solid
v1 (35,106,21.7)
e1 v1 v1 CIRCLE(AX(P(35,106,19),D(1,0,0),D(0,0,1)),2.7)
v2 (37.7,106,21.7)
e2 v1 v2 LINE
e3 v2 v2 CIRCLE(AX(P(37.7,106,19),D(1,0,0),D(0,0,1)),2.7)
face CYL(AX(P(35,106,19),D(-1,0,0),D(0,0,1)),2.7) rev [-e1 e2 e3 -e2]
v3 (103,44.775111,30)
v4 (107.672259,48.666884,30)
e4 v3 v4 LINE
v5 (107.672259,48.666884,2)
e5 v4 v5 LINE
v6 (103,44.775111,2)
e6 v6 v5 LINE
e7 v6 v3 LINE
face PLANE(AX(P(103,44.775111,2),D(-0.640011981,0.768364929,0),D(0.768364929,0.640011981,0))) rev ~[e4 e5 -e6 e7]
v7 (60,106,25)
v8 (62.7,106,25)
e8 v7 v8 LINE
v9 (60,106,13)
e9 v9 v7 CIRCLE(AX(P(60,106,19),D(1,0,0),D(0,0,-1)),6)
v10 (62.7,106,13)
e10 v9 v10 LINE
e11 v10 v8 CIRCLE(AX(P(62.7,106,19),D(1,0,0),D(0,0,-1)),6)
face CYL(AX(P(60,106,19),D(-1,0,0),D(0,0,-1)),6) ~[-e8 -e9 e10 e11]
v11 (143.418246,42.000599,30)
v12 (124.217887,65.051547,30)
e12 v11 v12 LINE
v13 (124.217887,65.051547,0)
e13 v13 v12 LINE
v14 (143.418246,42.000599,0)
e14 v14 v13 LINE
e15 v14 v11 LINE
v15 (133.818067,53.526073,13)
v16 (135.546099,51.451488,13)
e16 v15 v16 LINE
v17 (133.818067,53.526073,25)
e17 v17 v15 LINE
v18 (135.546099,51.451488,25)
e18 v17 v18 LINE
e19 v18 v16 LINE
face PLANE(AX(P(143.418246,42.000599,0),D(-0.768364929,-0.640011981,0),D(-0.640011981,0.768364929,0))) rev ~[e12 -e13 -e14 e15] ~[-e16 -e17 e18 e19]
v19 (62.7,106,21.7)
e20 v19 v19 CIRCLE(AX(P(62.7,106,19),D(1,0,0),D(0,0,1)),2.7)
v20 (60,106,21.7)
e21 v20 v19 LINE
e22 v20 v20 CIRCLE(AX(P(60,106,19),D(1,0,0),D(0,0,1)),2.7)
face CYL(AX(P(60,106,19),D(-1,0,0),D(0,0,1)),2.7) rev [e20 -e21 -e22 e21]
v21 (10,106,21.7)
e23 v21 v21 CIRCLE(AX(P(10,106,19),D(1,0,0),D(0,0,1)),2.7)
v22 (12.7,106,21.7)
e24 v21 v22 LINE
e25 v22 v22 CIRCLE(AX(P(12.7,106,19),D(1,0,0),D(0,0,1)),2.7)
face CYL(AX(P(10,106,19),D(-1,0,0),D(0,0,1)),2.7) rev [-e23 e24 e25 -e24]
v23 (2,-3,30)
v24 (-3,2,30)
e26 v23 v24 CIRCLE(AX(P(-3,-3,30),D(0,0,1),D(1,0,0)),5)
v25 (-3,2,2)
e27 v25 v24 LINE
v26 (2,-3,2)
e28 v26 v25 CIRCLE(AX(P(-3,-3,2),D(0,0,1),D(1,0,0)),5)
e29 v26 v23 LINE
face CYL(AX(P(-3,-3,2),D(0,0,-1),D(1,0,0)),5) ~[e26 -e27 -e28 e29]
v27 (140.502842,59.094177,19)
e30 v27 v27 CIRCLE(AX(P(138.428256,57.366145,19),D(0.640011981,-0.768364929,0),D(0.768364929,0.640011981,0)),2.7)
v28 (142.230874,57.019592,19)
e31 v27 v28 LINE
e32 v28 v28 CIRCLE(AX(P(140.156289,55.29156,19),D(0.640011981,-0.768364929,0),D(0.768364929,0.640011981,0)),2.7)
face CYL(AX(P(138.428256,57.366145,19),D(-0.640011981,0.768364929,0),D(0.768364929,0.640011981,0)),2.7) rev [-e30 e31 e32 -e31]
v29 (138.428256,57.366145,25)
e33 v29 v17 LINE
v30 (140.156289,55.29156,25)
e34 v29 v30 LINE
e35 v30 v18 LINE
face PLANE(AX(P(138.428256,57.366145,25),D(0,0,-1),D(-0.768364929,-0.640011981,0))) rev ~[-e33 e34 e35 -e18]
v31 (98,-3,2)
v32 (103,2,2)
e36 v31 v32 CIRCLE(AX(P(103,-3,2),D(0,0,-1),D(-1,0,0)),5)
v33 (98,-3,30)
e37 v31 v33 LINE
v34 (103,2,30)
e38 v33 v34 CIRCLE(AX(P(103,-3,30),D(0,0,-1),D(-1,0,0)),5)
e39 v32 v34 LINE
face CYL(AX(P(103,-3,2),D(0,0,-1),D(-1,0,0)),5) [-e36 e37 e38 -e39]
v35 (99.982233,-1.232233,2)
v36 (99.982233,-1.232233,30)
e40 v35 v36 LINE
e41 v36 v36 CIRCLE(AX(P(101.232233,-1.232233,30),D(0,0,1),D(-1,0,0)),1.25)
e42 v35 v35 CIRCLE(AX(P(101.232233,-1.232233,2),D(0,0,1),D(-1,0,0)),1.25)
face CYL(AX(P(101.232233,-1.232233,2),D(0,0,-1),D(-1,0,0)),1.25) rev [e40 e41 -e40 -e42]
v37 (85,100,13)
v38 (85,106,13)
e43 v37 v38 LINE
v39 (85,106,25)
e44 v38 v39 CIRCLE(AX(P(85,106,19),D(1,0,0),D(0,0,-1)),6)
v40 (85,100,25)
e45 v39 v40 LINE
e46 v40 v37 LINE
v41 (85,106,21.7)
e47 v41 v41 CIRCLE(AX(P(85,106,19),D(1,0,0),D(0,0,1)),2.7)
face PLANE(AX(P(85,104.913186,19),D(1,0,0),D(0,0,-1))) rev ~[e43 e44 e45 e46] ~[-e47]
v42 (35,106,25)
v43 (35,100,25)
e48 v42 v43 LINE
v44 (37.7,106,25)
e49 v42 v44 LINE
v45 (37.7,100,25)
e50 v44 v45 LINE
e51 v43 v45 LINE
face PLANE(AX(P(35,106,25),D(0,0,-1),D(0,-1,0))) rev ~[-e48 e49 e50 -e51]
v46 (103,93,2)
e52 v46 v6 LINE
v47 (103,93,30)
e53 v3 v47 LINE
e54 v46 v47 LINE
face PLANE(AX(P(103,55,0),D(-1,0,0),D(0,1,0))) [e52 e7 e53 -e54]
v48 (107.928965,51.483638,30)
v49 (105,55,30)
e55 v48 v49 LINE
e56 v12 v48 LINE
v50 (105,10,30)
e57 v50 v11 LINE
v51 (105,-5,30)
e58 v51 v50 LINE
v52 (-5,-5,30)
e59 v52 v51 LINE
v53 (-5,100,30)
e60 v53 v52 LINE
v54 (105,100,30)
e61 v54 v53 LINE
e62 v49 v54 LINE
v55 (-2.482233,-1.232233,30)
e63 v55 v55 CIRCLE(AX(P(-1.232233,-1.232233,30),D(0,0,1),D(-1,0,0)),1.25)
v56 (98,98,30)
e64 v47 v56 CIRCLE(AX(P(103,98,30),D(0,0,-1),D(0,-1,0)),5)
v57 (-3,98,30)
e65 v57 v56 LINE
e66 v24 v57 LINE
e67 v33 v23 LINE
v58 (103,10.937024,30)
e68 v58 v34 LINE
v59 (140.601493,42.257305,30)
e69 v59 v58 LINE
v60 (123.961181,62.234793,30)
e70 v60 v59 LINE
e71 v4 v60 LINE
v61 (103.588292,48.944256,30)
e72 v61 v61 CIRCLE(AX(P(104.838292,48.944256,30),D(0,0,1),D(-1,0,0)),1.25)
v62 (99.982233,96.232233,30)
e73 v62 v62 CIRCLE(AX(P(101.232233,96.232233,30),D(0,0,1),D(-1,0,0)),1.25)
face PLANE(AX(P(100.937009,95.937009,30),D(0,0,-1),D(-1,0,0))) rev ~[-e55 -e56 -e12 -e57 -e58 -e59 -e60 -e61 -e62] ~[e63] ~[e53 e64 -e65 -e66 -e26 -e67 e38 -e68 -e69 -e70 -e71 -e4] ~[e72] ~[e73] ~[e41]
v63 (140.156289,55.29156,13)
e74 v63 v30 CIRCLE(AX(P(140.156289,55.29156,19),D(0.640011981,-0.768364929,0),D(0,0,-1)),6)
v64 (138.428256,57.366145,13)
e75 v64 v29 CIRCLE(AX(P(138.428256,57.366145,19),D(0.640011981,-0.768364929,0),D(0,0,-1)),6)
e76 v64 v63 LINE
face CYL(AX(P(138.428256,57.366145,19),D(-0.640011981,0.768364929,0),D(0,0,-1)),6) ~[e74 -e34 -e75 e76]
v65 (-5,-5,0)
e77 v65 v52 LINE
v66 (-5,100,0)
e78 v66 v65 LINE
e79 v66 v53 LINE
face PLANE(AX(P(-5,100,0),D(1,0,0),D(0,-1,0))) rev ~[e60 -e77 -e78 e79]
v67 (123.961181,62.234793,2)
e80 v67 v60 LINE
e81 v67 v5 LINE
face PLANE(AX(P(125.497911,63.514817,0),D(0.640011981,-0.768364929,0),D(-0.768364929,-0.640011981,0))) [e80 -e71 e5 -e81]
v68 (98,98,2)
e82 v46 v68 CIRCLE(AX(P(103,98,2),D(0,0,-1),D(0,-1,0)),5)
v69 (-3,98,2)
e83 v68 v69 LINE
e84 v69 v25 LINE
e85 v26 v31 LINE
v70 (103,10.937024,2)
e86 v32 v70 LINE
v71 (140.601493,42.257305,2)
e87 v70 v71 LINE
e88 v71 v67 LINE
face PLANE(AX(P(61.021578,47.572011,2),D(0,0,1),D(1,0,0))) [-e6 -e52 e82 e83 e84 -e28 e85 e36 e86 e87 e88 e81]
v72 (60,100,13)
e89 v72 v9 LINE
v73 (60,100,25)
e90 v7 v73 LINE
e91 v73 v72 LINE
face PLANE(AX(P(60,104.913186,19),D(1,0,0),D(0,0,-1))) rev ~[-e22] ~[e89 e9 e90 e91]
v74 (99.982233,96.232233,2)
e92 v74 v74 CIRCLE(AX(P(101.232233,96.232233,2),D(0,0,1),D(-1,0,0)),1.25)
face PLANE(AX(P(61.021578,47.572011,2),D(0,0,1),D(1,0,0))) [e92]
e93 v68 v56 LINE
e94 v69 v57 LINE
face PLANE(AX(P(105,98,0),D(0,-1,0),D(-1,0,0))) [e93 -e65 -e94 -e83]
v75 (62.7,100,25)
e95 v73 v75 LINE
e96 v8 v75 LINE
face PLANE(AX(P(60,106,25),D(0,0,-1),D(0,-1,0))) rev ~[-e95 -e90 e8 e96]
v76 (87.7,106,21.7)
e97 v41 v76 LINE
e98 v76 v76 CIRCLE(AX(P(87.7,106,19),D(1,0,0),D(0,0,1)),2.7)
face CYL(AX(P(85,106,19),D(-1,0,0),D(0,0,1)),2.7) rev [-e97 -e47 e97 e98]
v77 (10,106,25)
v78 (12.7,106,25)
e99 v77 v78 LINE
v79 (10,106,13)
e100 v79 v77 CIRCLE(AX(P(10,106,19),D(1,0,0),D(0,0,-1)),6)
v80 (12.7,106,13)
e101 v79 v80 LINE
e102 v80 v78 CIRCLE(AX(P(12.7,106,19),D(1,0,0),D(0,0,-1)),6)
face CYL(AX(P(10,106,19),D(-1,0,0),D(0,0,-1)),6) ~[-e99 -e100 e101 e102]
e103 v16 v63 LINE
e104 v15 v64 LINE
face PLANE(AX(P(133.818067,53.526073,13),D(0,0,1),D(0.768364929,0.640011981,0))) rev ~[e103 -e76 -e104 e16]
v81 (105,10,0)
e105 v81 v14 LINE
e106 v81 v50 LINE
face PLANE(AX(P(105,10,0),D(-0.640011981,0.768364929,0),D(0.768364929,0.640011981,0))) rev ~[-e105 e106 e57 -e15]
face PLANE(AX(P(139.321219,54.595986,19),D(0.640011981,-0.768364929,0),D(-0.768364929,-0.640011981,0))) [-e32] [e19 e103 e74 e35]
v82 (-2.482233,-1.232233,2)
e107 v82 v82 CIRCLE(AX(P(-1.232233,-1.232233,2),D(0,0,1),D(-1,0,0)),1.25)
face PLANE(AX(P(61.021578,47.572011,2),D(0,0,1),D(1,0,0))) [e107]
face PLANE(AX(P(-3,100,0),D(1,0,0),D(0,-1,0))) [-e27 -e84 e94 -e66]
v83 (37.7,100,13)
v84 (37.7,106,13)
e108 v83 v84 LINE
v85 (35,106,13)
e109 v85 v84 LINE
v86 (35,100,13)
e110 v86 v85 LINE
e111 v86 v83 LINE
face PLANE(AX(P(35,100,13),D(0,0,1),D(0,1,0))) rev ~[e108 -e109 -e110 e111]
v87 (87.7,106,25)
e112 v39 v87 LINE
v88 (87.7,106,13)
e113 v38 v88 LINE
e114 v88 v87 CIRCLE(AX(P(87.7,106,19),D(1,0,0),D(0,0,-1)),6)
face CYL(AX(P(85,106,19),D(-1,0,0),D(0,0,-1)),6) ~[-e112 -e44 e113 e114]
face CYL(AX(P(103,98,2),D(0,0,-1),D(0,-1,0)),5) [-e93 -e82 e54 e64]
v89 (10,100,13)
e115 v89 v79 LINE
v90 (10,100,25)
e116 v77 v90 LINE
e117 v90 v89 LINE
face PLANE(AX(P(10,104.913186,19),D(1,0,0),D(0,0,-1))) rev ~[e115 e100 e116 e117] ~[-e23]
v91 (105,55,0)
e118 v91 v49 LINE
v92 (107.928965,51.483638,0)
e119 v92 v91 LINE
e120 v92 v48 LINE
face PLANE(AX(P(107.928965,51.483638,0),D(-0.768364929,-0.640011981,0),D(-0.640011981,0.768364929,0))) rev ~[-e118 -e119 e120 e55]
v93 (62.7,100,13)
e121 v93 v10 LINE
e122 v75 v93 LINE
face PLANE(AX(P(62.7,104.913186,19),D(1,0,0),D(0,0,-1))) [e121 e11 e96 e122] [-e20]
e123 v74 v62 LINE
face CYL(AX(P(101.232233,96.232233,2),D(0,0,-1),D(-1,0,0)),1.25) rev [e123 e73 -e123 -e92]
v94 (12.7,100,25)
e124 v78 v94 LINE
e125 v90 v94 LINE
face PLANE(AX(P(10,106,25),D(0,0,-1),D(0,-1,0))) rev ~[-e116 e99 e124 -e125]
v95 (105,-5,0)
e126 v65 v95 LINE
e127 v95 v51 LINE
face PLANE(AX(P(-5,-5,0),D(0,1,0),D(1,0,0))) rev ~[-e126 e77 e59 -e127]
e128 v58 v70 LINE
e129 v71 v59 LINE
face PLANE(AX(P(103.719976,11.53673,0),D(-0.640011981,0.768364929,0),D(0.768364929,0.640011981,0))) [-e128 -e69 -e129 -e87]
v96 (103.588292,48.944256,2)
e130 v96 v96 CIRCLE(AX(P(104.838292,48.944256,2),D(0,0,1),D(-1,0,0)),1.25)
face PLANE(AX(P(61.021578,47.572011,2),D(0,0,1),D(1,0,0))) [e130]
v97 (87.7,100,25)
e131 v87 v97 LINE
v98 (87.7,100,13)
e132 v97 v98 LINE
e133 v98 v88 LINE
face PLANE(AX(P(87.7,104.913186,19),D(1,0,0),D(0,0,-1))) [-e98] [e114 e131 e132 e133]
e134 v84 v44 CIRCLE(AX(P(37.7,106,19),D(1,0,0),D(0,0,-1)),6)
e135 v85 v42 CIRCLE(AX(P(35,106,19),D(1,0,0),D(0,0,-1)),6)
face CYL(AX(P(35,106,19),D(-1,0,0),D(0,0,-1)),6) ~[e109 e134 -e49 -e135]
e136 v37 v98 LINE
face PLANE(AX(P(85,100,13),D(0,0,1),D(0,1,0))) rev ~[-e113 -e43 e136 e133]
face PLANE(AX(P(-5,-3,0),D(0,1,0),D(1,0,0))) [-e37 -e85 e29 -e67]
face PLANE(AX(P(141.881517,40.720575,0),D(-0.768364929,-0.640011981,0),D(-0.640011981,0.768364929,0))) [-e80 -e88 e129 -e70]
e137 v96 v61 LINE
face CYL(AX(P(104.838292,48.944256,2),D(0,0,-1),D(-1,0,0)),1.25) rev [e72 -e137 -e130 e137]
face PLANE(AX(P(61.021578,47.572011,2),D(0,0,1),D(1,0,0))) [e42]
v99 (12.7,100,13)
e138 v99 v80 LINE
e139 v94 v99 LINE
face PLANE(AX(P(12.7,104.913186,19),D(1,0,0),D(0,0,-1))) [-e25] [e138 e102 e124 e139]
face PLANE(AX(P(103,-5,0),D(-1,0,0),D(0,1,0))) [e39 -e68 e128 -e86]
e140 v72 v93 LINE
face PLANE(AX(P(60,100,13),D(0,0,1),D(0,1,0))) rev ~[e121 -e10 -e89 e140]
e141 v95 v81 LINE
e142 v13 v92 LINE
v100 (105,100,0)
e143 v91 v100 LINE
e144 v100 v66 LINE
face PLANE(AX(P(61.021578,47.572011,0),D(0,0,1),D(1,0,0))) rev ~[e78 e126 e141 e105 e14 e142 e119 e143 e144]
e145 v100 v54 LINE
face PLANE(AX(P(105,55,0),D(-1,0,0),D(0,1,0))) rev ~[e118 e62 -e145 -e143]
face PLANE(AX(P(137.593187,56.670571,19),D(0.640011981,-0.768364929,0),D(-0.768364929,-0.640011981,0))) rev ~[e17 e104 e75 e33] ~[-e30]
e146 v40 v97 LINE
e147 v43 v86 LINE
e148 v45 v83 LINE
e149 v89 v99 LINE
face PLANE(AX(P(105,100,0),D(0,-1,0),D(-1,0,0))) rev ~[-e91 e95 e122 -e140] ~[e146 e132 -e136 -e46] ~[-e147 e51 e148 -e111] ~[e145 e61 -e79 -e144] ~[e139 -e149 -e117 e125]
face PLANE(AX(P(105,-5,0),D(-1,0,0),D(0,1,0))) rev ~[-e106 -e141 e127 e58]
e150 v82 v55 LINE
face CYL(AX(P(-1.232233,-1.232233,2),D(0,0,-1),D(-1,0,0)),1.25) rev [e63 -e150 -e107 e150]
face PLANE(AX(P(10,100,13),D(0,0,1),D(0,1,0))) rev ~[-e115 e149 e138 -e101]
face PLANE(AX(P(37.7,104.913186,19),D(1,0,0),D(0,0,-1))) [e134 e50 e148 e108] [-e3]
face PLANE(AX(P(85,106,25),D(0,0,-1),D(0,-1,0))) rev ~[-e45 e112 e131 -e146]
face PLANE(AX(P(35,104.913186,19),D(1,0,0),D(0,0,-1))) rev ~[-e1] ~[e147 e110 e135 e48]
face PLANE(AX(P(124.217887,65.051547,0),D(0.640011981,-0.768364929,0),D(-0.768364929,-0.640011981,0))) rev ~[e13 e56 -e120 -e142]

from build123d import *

# Parameters (mm, degrees)
BOSS_EXTRUDE1_DEPTH  = 30
SHELL1_T             = -2
BOSS_EXTRUDE8_START  = -28
SKETCH10_R           = 1.25
BOSS_EXTRUDE8_DEPTH  = 28
BOSS_EXTRUDE10_START = 10
SKETCH4_R            = 2.7
BOSS_EXTRUDE10_DEPTH = 2.7
LPATTERN1_COUNT      = 4
LPATTERN1_PITCH      = 25
SKETCH15_R           = 2.7
BOSS_EXTRUDE11_DEPTH = 2.7


with BuildPart() as part:
    # Sketch3 → Boss-Extrude1 (new body)
    with BuildSketch(Plane.XY):
        Polygon((-5, -5), (105, -5), (105, 10), (143.418246447, 42.000599056), (124.217887014, 65.051546924), (107.928964784, 51.483637987), (105, 55), (105, 100), (-5, 100), align=None)
    extrude(amount=BOSS_EXTRUDE1_DEPTH)

    # Shell1
    shell1_openings = [part.faces().sort_by_distance(p)[0] for p in [
        (56.242959197, 46.819948693, 30),
    ]]
    offset(amount=SHELL1_T, openings=shell1_openings, kind=Kind.INTERSECTION)

    # Sketch10 → Boss-Extrude8 (add)
    # profile 1 of 4: a face of its own
    with BuildSketch(Plane.XY.offset(30).offset(BOSS_EXTRUDE8_START)):
        with BuildLine():
            Line((98, 98), (103, 98))
            Line((103, 98), (103, 93))
            ThreePointArc((103, 93), (99.464466094, 94.464466094), (98, 98))
        make_face()
        with Locations(Location((101.232233047, 96.232233047, 0), (0, 0, 180))):
            Circle(SKETCH10_R, mode=Mode.SUBTRACT)
    # profile 2 of 4: a face of its own
    with BuildSketch(Plane.XY.offset(30).offset(BOSS_EXTRUDE8_START)):
        with BuildLine():
            Line((103, 2), (103, -3))
            Line((103, -3), (98, -3))
            ThreePointArc((98, -3), (99.464466094, 0.535533906), (103, 2))
        make_face()
        with Locations(Location((101.232233047, -1.232233047, 0), (0, 0, 180))):
            Circle(SKETCH10_R, mode=Mode.SUBTRACT)
    # profile 3 of 4: a face of its own
    with BuildSketch(Plane.XY.offset(30).offset(BOSS_EXTRUDE8_START)):
        with BuildLine():
            Line((-3, 2), (-3, -3))
            Line((-3, -3), (2, -3))
            ThreePointArc((2, -3), (0.535533906, 0.535533906), (-3, 2))
        make_face()
        with Locations(Location((-1.232233047, -1.232233047, 0), (0, 0, 180))):
            Circle(SKETCH10_R, mode=Mode.SUBTRACT)
    # profile 4 of 4: a face of its own
    with BuildSketch(Plane.XY.offset(30).offset(BOSS_EXTRUDE8_START)):
        Polygon((103, 54.276153954), (103, 44.775111449), (107.672258888, 48.666884167), align=None)
        with Locations(Location((104.838291581, 48.944255676, 0), (0, 0, 180))):
            Circle(SKETCH10_R, mode=Mode.SUBTRACT)
    extrude(amount=BOSS_EXTRUDE8_DEPTH)

    # Sketch4 → Boss-Extrude10 (add)
    with BuildSketch(Plane(origin=(0, 0, 0), x_dir=(0, 0, -1), z_dir=(1, 0, 0)).offset(BOSS_EXTRUDE10_START)):
        with BuildLine():
            Line((-25, 100), (-13, 100))
            Line((-13, 100), (-13, 106))
            ThreePointArc((-13, 106), (-19, 112), (-25, 106))
            Line((-25, 106), (-25, 100))
        make_face()
        with Locations(Location((-19, 106, 0), (0, 0, 180))):
            Circle(SKETCH4_R, mode=Mode.SUBTRACT)
    boss_extrude10 = extrude(amount=BOSS_EXTRUDE10_DEPTH)

    # LPattern1: Boss-Extrude10 ×4
    with Locations(*[(i * LPATTERN1_PITCH, 0, 0) for i in range(1, LPATTERN1_COUNT)]):
        add(boss_extrude10)

    # Sketch15 → Boss-Extrude11 (add)
    with BuildSketch(Plane(origin=(28.491802957, -34.205769267, 0), x_dir=(-0.7683649289406903, -0.6400119811175163, 0), z_dir=(0.6400119811175163, -0.7683649289406903, 0))):
        with BuildLine():
            Line((-137.07843735, -13), (-143.07843735, -13))
            ThreePointArc((-143.07843735, -13), (-149.07843735, -19), (-143.07843735, -25))
            Line((-143.07843735, -25), (-137.07843735, -25))
            Line((-137.07843735, -25), (-137.07843735, -13))
        make_face()
        with Locations(Location((-143.07843735, -19, 0), (0, 0, 180))):
            Circle(SKETCH15_R, mode=Mode.SUBTRACT)
    extrude(amount=BOSS_EXTRUDE11_DEPTH)


solid = part.part
